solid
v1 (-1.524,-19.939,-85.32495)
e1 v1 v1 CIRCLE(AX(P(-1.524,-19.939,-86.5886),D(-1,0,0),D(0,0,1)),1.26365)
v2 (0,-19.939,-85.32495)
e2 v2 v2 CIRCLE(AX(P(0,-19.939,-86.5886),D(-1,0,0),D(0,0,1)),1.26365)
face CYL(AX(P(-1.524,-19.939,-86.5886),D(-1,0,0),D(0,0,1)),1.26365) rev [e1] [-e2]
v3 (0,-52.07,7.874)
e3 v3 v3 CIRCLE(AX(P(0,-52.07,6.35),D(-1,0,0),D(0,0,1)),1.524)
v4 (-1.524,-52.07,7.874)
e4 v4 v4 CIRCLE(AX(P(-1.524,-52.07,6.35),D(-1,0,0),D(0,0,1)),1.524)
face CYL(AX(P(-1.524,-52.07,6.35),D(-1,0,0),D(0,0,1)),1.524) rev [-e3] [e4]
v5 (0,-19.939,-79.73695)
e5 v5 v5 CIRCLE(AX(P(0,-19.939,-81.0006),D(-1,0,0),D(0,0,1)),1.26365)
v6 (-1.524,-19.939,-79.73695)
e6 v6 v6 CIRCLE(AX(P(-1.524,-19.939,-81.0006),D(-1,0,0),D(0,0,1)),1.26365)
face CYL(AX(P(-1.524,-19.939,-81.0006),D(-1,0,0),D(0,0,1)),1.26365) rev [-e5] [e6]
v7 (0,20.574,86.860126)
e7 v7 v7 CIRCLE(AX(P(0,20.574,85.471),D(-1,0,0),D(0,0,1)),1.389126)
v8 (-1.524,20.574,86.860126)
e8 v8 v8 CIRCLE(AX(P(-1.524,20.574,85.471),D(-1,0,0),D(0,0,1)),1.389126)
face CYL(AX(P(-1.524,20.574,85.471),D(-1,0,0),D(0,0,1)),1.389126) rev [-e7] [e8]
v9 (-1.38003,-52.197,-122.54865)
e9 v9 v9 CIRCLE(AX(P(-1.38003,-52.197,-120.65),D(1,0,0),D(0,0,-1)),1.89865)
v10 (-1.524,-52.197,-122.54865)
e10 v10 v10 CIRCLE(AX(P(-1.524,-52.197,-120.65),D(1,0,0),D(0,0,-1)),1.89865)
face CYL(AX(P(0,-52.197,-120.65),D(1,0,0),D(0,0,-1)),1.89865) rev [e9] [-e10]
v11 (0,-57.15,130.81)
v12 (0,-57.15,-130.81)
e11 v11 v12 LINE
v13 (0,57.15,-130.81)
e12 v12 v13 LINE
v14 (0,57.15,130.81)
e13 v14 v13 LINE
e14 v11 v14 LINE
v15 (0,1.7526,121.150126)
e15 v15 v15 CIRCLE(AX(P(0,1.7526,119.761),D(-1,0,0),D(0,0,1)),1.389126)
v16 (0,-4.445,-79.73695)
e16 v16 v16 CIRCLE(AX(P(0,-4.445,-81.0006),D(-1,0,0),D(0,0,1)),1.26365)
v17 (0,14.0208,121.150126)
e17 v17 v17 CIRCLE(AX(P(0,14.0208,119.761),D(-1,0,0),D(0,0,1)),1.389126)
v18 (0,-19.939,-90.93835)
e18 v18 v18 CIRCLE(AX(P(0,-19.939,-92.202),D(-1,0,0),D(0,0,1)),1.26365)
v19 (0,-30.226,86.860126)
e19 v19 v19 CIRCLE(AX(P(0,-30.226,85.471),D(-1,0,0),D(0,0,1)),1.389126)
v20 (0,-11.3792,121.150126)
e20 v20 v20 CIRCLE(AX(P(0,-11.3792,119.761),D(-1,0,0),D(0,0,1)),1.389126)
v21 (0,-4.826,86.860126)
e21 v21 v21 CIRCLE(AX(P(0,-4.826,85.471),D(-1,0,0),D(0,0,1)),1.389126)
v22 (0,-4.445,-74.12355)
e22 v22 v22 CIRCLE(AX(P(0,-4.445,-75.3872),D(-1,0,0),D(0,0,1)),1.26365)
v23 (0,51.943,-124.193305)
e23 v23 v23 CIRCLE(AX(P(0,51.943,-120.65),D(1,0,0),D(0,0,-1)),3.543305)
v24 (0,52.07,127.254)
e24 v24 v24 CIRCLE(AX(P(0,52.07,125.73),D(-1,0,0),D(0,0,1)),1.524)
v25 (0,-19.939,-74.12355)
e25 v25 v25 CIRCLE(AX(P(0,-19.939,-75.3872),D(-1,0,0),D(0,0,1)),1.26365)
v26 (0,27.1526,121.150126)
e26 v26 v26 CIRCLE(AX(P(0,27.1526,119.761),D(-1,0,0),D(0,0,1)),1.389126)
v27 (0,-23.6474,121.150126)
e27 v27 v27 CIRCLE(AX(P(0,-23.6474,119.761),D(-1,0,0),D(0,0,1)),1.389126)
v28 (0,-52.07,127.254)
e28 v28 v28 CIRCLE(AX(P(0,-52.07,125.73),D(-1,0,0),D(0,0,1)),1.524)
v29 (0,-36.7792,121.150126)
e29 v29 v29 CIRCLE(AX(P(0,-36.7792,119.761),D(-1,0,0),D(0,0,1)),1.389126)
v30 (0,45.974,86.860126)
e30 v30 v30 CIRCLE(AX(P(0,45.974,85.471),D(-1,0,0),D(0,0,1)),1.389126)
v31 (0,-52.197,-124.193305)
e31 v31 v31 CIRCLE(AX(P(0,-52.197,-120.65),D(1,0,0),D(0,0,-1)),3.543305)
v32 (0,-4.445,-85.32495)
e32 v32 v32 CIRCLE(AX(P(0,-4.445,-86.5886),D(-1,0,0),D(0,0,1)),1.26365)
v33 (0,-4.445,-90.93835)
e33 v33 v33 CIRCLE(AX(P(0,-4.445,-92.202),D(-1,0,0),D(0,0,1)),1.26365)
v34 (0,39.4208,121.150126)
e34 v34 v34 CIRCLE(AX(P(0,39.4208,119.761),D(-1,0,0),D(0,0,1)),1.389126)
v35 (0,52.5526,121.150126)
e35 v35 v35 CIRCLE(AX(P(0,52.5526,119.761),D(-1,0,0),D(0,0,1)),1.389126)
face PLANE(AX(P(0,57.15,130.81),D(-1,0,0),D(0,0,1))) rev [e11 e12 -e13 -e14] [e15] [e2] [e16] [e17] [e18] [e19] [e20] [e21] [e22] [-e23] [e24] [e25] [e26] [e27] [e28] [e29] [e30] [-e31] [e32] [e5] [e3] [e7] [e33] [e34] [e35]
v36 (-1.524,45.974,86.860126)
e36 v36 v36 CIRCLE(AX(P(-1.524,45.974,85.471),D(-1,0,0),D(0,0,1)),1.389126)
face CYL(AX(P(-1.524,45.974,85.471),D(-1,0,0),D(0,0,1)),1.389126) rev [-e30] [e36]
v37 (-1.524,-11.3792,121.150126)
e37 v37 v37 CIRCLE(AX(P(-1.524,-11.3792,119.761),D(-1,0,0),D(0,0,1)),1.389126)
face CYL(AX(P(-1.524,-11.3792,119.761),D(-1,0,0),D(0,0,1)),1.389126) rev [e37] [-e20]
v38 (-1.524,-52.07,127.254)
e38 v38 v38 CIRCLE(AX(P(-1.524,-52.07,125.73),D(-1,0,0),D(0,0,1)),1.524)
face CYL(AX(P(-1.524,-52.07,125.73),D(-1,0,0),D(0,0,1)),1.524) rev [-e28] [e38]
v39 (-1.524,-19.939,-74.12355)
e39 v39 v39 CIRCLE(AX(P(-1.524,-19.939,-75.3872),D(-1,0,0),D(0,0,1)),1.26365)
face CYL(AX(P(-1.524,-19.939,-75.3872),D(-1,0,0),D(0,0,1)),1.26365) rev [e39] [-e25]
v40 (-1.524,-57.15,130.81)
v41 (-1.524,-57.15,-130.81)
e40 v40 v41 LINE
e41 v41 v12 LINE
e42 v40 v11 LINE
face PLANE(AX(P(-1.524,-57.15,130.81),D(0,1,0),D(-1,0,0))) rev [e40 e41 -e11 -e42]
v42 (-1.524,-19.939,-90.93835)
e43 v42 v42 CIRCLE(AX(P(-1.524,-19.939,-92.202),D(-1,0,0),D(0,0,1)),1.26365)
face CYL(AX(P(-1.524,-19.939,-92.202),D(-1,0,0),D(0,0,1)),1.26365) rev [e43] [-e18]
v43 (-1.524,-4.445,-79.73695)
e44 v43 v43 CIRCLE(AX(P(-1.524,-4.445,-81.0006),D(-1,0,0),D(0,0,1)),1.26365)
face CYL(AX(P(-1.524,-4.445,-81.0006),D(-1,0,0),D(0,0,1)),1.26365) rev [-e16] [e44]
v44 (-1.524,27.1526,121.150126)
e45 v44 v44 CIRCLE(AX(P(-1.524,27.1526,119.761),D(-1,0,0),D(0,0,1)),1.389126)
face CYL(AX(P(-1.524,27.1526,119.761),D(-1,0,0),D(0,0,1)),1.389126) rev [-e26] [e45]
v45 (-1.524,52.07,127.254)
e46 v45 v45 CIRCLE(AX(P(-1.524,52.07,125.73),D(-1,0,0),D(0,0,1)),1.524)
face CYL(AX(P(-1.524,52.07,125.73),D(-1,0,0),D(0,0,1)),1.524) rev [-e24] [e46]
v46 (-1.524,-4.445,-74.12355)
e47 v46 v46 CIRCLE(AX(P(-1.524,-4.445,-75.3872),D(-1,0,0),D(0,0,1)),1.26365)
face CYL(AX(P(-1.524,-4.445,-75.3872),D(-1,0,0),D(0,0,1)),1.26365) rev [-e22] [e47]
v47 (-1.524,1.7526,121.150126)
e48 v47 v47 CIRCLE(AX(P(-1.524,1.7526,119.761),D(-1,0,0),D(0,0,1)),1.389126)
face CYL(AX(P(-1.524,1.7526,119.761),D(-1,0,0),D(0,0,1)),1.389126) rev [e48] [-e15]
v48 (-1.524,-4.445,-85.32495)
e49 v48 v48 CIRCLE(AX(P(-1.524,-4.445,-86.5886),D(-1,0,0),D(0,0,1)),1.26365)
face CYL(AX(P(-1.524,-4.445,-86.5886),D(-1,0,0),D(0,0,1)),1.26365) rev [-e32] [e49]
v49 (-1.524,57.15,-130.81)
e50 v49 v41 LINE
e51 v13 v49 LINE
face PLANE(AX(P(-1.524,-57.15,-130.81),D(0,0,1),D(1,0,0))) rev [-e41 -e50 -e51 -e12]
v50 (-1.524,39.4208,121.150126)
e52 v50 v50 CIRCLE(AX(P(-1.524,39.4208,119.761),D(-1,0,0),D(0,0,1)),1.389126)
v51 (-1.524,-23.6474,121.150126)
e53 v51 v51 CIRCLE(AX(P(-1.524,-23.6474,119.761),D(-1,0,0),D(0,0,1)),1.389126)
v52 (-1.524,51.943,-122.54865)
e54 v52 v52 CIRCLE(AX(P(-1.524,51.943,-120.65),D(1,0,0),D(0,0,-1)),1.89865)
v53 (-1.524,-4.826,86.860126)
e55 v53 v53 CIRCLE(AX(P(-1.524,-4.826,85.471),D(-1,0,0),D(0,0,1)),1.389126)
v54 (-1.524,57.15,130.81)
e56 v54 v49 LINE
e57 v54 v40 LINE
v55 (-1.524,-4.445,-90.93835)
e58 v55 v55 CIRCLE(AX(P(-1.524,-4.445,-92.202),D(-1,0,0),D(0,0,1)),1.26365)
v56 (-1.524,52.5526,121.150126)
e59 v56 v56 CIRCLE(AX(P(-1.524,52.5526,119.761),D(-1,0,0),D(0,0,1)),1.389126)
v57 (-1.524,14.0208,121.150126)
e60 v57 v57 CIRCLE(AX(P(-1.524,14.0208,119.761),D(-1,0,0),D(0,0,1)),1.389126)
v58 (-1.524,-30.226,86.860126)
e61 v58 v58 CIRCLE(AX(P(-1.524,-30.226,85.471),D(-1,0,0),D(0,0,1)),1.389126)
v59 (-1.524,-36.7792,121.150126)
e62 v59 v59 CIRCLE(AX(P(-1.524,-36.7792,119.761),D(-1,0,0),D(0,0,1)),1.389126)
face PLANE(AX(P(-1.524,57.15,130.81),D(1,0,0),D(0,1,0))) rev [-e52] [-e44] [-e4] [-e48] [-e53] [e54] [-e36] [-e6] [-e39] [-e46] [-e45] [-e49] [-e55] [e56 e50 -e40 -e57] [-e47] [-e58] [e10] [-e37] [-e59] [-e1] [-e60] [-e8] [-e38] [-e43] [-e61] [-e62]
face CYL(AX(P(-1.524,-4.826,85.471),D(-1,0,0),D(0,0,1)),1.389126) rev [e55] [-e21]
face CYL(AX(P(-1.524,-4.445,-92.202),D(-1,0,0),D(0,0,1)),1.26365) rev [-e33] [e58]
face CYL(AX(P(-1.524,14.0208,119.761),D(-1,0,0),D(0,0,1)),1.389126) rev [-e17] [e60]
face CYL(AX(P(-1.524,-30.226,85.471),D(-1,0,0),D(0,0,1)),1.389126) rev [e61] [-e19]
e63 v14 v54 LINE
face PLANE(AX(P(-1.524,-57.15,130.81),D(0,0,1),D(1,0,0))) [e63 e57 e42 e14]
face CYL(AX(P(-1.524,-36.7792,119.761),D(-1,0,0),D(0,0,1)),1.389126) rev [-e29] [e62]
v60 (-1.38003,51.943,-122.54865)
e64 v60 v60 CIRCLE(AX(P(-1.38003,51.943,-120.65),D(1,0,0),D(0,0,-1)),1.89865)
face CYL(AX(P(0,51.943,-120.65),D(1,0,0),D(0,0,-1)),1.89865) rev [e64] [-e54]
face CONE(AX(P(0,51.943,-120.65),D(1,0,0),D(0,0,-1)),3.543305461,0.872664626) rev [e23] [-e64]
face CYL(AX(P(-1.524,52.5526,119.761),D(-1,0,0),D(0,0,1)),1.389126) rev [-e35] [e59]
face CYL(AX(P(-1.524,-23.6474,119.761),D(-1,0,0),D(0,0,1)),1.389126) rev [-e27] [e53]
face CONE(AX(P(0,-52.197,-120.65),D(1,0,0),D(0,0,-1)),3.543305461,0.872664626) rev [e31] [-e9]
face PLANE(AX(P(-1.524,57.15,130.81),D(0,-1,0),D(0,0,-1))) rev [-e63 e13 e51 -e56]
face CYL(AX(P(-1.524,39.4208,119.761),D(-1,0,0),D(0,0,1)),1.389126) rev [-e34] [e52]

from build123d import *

# Parameters (mm, degrees)
SKETCH1_W                                 = 1.524
SKETCH1_H                                 = 114.3
BOSS_EXTRUDE1_DEPTH                       = 130.81
CSK_FOR_6_FLAT_HEAD_MACHINE_SCREW_2_COUNT = 2
CSK_FOR_6_FLAT_HEAD_MACHINE_SCREW_2_PITCH = 104.14
F_7_64_0_10938_DIAMETER_HOLE1_D           = 2.778252
F_31_0_12_DIAMETER_HOLE1_D                = 3.048
F_39_0_0995_DIAMETER_HOLE1_D              = 2.5273
F_39_0_0995_DIAMETER_HOLE1_DEPTH          = 6.35
F_39_0_0995_DIAMETER_HOLE1_TIP            = 1.26365


with BuildPart() as part:
    # Sketch1 → Boss-Extrude1 (new body, symmetric)
    with BuildSketch(Plane.XY):
        with Locations((-0.762, 0)):
            Rectangle(SKETCH1_W, SKETCH1_H)
    extrude(amount=BOSS_EXTRUDE1_DEPTH, both=True)

    # Sketch3 → CSK for #6 Flat Head Machine Screw (100)1 (revolve, cut)
    with BuildSketch(Plane(origin=(0, 51.943, -120.65), x_dir=(0, 0, -1), z_dir=(0, 1, 0))):
        Polygon((0, 0), (0, 1.524), (1.89865, 1.524), (1.89865, 1.380029791), (3.543305461, 0), align=None)
    csk_for_6_flat_head_machine_screw_100 = revolve(axis=Axis((6.35, 51.943, -120.65), (-1, 0, 0)), mode=Mode.SUBTRACT)

    # CSK for _6 Flat Head Machine Screw _ 2: CSK for #6 Flat Head Machine Screw (100)1 ×2
    with Locations(*[(0, -i * CSK_FOR_6_FLAT_HEAD_MACHINE_SCREW_2_PITCH, 0) for i in range(1, CSK_FOR_6_FLAT_HEAD_MACHINE_SCREW_2_COUNT)]):
        add(csk_for_6_flat_head_machine_screw_100, mode=Mode.SUBTRACT)

    # 7/64 (0.10938) Diameter Hole1 (through all)
    with Locations(Plane.ZY.offset(1.524)):
        with Locations((119.761, 52.5526), (85.471, 45.974), (119.761, 39.4208), (119.761, 27.1526), (85.471, 20.574), (119.761, 14.0208), (119.761, 1.7526), (119.761, -11.3792), (85.471, -4.826), (85.471, -30.226), (119.761, -23.6474), (119.761, -36.7792)):
            Hole(F_7_64_0_10938_DIAMETER_HOLE1_D / 2)

    # #31 (0.12) Diameter Hole1 (through all)
    with Locations(Plane.ZY.offset(1.524)):
        with Locations((125.73, 52.07), (125.73, -52.07), (6.35, -52.07)):
            Hole(F_31_0_12_DIAMETER_HOLE1_D / 2)

    # #39 (0.0995) Diameter Hole1
    with Locations(Plane.ZY.offset(1.524)):
        with Locations((-92.202, -4.445), (-86.5886, -4.445), (-81.0006, -4.445), (-75.3872, -4.445), (-75.3872, -19.939), (-81.0006, -19.939), (-86.5886, -19.939), (-92.202, -19.939)):
            Hole(F_39_0_0995_DIAMETER_HOLE1_D / 2, depth=F_39_0_0995_DIAMETER_HOLE1_DEPTH)
            with Locations((0, 0, -(F_39_0_0995_DIAMETER_HOLE1_DEPTH + F_39_0_0995_DIAMETER_HOLE1_TIP / 2))):  # 90° drill point
                Cone(0, F_39_0_0995_DIAMETER_HOLE1_D / 2, F_39_0_0995_DIAMETER_HOLE1_TIP, mode=Mode.SUBTRACT)


solid = part.part
